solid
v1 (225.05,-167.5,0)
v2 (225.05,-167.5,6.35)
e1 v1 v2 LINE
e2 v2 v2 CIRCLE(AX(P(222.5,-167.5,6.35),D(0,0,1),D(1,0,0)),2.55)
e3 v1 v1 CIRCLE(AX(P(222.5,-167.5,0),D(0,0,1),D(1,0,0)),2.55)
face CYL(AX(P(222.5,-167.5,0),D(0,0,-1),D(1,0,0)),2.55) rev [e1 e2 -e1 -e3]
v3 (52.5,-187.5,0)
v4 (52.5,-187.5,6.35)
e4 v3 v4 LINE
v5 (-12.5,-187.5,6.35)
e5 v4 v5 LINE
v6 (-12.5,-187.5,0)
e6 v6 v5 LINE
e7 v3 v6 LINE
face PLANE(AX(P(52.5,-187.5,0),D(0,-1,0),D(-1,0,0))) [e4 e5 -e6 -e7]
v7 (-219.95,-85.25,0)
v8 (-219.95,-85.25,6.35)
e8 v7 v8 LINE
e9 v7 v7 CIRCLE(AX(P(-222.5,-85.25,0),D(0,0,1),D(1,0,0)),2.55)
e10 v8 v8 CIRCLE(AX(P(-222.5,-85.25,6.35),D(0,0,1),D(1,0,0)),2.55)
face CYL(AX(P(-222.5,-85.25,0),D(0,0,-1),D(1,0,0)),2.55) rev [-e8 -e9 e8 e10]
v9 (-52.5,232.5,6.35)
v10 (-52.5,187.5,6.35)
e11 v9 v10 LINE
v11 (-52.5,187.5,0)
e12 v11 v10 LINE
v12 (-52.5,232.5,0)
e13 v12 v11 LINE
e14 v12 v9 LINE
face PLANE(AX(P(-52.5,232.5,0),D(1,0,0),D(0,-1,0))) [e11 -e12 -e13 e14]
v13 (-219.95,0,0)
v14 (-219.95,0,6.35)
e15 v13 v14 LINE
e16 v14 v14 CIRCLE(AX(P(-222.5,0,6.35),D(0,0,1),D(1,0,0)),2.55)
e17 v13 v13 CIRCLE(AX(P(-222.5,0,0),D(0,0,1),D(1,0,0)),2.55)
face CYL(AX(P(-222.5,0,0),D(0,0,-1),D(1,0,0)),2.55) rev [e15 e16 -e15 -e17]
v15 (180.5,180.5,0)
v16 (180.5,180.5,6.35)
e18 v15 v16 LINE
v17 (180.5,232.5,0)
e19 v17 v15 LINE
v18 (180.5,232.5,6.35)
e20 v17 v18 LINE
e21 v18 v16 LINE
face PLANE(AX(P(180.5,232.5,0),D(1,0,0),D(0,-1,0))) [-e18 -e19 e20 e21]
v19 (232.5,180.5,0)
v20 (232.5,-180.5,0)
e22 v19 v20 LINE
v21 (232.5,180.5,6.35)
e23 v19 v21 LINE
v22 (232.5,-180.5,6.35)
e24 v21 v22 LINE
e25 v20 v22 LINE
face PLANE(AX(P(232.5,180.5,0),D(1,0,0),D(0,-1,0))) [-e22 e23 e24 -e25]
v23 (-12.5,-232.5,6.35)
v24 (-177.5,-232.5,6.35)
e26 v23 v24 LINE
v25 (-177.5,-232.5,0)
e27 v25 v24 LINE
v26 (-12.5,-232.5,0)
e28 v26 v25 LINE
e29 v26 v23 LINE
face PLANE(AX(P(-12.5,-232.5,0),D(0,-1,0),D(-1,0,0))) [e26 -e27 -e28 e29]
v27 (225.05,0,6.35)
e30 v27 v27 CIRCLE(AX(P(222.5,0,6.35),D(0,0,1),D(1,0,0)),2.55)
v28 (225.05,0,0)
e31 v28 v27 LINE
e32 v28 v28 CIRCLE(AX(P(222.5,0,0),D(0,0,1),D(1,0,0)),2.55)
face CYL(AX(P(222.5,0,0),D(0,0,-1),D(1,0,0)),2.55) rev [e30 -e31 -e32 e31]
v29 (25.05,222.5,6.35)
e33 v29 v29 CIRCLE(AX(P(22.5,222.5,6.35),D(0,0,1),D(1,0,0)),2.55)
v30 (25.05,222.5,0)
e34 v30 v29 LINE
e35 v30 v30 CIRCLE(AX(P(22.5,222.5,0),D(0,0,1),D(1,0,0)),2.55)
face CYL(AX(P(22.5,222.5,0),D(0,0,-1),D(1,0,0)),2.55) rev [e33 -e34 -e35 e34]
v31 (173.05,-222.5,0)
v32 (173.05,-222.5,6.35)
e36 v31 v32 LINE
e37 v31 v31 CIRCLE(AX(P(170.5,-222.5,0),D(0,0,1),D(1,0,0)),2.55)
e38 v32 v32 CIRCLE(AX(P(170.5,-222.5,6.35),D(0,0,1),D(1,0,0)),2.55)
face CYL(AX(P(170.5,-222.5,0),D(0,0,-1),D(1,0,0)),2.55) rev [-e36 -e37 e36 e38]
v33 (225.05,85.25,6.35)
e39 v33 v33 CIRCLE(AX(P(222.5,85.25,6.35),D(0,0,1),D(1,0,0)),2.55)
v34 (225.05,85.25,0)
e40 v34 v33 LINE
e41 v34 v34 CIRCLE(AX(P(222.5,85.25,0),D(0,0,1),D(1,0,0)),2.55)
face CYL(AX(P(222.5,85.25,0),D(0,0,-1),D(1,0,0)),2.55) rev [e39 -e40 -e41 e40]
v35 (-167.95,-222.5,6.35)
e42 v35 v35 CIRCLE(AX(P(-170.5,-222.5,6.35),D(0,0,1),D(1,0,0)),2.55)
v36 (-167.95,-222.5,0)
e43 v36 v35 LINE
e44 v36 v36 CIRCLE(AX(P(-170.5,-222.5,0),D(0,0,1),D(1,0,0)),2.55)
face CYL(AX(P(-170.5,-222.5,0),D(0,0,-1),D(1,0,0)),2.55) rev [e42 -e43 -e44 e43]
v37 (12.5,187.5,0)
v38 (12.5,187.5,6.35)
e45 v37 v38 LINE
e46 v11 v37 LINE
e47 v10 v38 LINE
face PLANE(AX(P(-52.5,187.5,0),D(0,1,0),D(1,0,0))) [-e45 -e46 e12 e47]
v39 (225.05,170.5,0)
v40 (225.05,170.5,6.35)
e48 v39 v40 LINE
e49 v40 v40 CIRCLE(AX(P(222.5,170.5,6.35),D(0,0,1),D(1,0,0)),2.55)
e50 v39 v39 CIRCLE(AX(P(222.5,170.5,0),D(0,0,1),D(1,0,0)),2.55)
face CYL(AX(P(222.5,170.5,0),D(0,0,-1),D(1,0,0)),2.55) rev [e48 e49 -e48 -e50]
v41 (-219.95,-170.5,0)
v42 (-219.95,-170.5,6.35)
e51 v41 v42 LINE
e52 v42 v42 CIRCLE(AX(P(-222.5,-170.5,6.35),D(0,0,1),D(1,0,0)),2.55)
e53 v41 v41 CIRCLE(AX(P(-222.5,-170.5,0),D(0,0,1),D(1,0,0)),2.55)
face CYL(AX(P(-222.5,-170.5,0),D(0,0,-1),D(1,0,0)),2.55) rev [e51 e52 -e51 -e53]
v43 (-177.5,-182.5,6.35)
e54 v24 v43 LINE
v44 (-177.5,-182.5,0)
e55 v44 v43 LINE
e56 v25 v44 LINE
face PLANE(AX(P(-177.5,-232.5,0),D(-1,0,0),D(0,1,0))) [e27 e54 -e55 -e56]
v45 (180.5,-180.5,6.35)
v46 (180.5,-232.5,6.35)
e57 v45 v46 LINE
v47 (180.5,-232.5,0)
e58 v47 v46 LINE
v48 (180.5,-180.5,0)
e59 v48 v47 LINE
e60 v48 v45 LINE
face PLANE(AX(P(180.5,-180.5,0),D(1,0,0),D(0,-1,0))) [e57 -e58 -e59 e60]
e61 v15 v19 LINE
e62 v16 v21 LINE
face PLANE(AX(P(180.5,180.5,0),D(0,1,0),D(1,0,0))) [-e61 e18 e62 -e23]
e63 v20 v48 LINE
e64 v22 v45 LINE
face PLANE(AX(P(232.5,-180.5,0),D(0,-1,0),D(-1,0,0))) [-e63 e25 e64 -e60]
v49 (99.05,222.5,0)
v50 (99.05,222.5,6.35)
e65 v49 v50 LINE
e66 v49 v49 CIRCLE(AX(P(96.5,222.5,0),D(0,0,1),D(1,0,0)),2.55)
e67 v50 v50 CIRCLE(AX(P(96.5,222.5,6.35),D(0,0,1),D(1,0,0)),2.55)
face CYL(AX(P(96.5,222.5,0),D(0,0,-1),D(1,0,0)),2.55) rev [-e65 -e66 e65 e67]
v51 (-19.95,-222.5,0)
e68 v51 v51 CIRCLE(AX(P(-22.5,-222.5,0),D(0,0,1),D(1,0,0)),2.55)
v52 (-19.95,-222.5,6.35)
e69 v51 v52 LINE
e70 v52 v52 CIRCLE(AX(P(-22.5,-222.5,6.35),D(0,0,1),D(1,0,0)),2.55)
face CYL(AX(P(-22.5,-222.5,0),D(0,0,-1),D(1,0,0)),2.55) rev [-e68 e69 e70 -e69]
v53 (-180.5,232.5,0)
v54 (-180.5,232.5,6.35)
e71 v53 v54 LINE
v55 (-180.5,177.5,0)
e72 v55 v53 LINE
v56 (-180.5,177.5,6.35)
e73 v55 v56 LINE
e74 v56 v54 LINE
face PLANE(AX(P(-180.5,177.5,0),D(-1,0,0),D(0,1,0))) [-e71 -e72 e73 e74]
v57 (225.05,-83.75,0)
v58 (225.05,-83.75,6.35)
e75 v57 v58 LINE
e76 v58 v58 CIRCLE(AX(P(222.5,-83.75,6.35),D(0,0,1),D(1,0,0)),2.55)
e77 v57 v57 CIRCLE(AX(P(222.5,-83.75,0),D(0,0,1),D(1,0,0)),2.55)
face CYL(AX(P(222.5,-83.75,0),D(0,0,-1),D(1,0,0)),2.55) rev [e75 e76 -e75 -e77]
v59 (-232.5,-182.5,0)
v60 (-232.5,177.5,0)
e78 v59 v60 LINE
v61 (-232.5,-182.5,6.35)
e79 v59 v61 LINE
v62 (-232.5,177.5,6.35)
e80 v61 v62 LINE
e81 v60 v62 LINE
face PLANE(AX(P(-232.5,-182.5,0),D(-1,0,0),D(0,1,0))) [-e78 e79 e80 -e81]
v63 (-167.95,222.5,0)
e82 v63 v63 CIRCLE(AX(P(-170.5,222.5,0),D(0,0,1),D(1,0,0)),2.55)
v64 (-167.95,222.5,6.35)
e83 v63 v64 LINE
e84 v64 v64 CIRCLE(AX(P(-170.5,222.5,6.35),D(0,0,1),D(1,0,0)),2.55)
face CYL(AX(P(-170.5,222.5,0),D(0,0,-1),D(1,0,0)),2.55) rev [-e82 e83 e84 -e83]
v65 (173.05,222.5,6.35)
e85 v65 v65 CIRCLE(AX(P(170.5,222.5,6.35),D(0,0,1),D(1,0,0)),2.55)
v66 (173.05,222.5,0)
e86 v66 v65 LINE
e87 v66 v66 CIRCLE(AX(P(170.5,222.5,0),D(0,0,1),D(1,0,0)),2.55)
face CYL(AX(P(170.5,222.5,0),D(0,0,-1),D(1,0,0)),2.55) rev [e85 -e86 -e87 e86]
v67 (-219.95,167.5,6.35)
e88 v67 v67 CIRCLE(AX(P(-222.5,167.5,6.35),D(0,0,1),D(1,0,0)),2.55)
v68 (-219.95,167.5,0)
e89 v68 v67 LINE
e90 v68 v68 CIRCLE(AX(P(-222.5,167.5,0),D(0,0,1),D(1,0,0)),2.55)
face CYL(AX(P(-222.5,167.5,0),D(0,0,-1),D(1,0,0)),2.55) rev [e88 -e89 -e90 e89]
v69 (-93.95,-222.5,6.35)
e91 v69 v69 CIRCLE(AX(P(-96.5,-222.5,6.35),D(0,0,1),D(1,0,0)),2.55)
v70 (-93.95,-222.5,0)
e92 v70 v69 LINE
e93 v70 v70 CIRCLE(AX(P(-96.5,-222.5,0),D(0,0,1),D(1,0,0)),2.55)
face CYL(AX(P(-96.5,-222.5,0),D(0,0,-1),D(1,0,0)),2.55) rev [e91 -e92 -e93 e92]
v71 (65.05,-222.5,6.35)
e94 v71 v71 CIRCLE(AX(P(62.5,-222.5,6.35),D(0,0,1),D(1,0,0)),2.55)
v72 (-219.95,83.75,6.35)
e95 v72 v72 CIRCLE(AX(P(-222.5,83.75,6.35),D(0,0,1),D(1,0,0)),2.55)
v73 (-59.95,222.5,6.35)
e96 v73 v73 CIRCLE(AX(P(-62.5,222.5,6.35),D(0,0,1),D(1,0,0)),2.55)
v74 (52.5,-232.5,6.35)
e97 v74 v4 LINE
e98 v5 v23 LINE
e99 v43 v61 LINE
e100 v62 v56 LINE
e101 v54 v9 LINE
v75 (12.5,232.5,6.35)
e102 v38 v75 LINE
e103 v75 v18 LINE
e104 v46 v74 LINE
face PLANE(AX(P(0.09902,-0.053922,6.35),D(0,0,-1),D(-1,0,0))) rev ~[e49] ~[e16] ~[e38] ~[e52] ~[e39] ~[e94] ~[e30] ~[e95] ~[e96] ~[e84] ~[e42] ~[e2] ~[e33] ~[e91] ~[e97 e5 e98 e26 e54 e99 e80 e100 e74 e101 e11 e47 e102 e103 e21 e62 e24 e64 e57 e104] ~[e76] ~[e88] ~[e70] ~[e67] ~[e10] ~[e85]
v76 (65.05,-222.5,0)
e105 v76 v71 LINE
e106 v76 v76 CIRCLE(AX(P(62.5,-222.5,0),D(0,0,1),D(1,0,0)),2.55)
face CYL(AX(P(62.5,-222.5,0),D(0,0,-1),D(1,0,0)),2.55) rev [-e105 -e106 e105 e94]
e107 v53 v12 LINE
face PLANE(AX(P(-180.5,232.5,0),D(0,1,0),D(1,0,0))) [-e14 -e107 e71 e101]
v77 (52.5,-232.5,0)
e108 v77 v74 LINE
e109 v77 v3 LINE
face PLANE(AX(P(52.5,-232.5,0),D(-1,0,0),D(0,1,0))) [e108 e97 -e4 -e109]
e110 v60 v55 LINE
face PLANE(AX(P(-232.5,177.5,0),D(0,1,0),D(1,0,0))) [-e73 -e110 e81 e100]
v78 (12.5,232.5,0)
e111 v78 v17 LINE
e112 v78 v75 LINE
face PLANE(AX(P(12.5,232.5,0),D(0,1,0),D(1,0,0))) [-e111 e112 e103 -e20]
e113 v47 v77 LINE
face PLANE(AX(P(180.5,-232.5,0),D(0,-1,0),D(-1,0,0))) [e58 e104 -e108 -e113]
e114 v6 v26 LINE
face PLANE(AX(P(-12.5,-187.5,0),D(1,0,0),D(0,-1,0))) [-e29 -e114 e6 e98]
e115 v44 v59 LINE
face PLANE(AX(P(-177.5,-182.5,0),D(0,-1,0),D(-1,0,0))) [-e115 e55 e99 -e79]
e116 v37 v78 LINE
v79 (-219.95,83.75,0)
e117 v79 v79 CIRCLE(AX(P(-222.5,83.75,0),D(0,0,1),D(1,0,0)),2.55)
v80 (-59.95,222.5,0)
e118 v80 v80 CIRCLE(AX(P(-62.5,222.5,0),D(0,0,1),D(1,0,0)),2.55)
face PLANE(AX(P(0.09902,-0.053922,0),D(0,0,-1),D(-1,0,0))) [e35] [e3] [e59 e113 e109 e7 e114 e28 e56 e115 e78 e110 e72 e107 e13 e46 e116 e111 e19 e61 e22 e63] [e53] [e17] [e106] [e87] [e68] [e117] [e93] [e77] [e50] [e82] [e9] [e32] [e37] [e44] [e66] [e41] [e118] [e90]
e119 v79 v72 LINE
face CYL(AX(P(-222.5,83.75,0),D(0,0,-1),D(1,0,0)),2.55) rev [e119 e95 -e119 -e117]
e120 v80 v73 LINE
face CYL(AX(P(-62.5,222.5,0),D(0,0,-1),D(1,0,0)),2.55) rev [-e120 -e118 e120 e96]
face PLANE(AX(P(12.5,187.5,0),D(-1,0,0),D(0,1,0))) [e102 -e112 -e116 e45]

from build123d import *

# Parameters (mm, degrees)
SKETCH1_R           = 2.55
BOSS_EXTRUDE1_DEPTH = 6.35


with BuildPart() as part:
    # Sketch1 → Boss-Extrude1 (new body)
    with BuildSketch(Plane.XY):
        Polygon((12.5, 232.5), (180.5, 232.5), (180.5, 180.5), (232.5, 180.5), (232.5, -180.5), (180.5, -180.5), (180.5, -232.5), (52.5, -232.5), (52.5, -187.5), (-12.5, -187.5), (-12.5, -232.5), (-177.5, -232.5), (-177.5, -182.5), (-232.5, -182.5), (-232.5, 177.5), (-180.5, 177.5), (-180.5, 232.5), (-52.5, 232.5), (-52.5, 187.5), (12.5, 187.5), align=None)
        with Locations((222.5, 170.5)):
            Circle(SKETCH1_R, mode=Mode.SUBTRACT)
        with Locations((170.5, 222.5)):
            Circle(SKETCH1_R, mode=Mode.SUBTRACT)
        with Locations((22.5, 222.5)):
            Circle(SKETCH1_R, mode=Mode.SUBTRACT)
        with Locations((96.5, 222.5)):
            Circle(SKETCH1_R, mode=Mode.SUBTRACT)
        with Locations((-170.5, 222.5)):
            Circle(SKETCH1_R, mode=Mode.SUBTRACT)
        with Locations((-62.5, 222.5)):
            Circle(SKETCH1_R, mode=Mode.SUBTRACT)
        with Locations((-222.5, 167.5)):
            Circle(SKETCH1_R, mode=Mode.SUBTRACT)
        with Locations((222.5, 0)):
            Circle(SKETCH1_R, mode=Mode.SUBTRACT)
        with Locations((222.5, 85.25)):
            Circle(SKETCH1_R, mode=Mode.SUBTRACT)
        with Locations((-222.5, 0)):
            Circle(SKETCH1_R, mode=Mode.SUBTRACT)
        with Locations((-222.5, 83.75)):
            Circle(SKETCH1_R, mode=Mode.SUBTRACT)
        with Locations((222.5, -83.75)):
            Circle(SKETCH1_R, mode=Mode.SUBTRACT)
        with Locations((222.5, -167.5)):
            Circle(SKETCH1_R, mode=Mode.SUBTRACT)
        with Locations((170.5, -222.5)):
            Circle(SKETCH1_R, mode=Mode.SUBTRACT)
        with Locations((62.5, -222.5)):
            Circle(SKETCH1_R, mode=Mode.SUBTRACT)
        with Locations((-22.5, -222.5)):
            Circle(SKETCH1_R, mode=Mode.SUBTRACT)
        with Locations((-96.5, -222.5)):
            Circle(SKETCH1_R, mode=Mode.SUBTRACT)
        with Locations((-170.5, -222.5)):
            Circle(SKETCH1_R, mode=Mode.SUBTRACT)
        with Locations((-222.5, -170.5)):
            Circle(SKETCH1_R, mode=Mode.SUBTRACT)
        with Locations((-222.5, -85.25)):
            Circle(SKETCH1_R, mode=Mode.SUBTRACT)
    extrude(amount=BOSS_EXTRUDE1_DEPTH)


solid = part.part
